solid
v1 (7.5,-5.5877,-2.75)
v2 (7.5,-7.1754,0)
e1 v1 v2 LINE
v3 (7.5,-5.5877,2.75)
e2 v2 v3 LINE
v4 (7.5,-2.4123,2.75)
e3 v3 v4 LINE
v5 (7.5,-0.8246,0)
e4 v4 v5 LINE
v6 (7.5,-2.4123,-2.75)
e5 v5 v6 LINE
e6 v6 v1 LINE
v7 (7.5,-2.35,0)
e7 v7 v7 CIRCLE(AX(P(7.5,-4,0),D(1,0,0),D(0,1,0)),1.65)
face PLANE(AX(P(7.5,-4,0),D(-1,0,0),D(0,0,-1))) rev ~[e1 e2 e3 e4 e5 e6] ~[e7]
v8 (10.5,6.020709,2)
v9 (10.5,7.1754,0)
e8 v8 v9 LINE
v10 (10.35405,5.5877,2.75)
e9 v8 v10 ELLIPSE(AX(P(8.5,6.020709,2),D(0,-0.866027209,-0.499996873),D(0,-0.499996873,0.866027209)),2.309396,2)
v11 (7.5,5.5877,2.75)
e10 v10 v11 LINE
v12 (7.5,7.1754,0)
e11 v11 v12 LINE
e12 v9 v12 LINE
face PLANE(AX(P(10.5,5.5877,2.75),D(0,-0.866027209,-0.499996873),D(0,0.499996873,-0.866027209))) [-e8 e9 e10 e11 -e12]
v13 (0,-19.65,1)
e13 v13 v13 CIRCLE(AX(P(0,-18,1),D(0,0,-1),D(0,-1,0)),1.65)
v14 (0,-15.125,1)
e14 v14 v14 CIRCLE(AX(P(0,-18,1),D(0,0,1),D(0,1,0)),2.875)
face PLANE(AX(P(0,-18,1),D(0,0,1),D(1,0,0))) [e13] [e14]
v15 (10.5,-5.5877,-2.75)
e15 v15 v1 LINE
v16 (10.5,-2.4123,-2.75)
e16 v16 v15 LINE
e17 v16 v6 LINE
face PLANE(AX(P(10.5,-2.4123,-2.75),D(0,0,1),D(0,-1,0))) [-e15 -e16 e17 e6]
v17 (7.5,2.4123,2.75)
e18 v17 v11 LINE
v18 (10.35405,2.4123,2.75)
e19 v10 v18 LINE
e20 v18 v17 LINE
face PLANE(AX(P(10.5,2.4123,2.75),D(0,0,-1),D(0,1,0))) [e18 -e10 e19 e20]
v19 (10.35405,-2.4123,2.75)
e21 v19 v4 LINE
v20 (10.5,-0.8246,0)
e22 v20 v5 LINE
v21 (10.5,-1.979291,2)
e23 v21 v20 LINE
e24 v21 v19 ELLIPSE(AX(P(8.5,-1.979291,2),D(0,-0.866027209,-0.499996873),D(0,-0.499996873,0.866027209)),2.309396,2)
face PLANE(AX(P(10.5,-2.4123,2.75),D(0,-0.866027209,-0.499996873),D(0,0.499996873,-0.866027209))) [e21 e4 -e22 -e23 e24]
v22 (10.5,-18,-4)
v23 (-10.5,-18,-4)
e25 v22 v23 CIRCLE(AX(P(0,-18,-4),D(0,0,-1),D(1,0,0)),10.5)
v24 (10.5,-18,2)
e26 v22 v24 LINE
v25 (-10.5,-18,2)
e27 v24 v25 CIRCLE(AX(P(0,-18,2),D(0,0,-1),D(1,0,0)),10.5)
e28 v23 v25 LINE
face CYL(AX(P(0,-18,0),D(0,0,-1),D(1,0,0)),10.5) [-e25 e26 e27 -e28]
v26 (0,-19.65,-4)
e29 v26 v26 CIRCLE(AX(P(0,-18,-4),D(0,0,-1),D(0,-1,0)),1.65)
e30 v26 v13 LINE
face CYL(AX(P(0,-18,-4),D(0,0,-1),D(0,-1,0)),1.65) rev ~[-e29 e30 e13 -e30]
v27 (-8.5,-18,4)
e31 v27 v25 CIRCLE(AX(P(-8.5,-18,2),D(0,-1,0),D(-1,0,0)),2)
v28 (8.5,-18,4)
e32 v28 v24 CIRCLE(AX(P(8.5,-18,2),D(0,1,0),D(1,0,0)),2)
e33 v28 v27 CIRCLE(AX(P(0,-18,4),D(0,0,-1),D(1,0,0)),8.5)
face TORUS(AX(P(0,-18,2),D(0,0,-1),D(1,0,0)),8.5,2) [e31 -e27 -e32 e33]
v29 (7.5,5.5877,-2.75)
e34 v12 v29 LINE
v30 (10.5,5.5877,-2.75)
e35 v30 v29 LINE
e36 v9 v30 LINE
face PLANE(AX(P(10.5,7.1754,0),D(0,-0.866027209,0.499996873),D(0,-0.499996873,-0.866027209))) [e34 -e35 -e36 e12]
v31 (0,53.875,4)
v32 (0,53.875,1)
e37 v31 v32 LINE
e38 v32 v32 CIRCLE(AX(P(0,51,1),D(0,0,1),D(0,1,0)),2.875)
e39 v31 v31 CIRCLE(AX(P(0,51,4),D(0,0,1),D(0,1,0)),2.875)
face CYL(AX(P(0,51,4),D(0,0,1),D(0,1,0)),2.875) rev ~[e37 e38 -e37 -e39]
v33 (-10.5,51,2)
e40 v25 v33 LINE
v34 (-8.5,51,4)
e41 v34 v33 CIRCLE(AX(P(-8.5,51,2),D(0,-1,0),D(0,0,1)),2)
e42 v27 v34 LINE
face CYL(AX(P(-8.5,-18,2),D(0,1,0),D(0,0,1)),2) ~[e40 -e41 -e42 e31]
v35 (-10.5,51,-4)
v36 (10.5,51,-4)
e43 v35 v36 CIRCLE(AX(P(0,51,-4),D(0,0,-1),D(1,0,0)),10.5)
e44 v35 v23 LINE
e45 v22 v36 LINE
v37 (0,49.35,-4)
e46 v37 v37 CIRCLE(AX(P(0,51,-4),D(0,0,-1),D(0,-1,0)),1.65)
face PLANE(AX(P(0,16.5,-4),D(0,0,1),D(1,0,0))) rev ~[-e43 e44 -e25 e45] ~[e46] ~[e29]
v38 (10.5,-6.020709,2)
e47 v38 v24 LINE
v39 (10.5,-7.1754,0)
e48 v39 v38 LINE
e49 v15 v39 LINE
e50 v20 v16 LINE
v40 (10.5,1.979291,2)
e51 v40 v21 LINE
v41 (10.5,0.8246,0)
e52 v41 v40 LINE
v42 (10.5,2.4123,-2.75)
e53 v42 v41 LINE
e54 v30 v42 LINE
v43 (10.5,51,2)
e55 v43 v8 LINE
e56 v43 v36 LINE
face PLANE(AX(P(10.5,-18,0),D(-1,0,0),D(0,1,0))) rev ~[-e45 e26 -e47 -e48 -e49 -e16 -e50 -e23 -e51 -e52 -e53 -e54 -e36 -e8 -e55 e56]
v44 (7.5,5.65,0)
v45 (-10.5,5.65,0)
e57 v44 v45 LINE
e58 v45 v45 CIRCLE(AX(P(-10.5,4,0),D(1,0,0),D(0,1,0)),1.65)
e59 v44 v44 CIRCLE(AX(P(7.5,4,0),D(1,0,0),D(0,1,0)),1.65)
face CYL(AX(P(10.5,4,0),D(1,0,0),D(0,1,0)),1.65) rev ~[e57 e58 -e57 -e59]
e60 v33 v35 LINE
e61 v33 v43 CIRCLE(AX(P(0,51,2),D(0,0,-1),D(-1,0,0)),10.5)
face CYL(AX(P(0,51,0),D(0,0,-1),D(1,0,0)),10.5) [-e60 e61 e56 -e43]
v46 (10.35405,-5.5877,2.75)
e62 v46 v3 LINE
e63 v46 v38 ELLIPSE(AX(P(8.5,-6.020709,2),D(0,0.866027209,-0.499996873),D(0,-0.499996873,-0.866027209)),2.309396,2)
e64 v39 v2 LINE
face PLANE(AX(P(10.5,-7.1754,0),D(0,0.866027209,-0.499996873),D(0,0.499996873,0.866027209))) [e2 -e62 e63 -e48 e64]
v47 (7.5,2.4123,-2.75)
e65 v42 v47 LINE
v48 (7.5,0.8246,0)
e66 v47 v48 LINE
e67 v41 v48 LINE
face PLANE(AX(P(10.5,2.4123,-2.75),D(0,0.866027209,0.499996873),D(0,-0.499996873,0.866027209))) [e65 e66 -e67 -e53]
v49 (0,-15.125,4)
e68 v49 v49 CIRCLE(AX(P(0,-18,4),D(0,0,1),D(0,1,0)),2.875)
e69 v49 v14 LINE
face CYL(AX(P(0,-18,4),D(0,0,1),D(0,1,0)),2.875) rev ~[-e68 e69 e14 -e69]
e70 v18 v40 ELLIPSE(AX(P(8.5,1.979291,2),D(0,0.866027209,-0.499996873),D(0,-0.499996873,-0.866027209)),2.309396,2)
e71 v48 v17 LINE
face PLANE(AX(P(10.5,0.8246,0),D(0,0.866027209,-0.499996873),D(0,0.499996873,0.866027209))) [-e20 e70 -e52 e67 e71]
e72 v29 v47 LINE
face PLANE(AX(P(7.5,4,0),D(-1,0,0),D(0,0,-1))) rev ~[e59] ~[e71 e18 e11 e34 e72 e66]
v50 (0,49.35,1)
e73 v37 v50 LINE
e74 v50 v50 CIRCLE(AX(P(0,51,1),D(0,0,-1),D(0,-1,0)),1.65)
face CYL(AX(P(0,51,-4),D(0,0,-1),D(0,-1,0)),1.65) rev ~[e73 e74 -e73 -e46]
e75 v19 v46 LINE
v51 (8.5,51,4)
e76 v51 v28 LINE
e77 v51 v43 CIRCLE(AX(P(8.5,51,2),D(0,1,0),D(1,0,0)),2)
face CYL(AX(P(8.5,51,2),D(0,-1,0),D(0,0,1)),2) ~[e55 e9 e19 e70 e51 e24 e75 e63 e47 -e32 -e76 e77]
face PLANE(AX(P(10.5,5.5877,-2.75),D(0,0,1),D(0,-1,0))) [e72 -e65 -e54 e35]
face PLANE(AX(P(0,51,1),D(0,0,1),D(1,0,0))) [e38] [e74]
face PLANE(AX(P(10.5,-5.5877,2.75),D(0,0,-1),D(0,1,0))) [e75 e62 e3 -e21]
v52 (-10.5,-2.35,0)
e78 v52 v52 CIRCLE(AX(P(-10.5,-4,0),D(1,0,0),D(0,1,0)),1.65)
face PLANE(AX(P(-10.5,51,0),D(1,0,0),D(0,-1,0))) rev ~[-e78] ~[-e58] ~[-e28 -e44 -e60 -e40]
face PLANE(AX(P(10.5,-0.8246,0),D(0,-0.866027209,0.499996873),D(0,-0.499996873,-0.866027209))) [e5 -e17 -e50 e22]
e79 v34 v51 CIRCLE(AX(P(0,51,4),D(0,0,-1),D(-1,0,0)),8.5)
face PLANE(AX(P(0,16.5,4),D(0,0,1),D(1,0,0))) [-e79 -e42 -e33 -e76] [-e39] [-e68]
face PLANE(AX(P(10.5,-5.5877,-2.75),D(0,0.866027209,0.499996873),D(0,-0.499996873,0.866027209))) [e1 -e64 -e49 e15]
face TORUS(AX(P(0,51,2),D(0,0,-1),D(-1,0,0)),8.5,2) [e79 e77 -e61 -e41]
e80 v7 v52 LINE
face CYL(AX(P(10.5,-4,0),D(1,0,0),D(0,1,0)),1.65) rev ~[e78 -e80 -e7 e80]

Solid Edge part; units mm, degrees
sketch "Sketch1" plane through (0, 0, 0) normal (0, 0, 1) x (1, 0, 0)
  line L0 (-10.5, 51) -> (-10.5, -18)
  arc A0 (10.5, -18) -> (-10.5, -18) centre (0, -18) cw
  line L1 (10.5, -18) -> (10.5, 51)
  arc A1 (-10.5, 51) -> (10.5, 51) centre (0, 51) cw
  dimension "D1" = 21
  dimension "D2" = 51
  dimension "D3" = 18
extrude "Protrusion1" add sketch "Sketch1" along normal mid plane 8
sketch "Sketch2" plane through (0, 39.5, -4) normal (0, 0, -1) x (0, -1, 0)
  circle A0 centre (57.5, 0) radius 1.65
  circle A1 centre (-11.5, 0) radius 1.65
  dimension "D1" = 51
  dimension "D2" = 18
extrude "Cutout1" cut sketch "Sketch2" against normal up to next
sketch "Sketch3" plane through (0, -5.25, 4) normal (0, 0, 1) x (0, 1, 0)
  circle A0 centre (56.25, 0) radius 2.875
  circle A1 centre (-12.75, 0) radius 2.875
extrude "VaciadoExtruido_4" cut sketch "Sketch3" against normal blind 3
sketch "Sketch4" plane through (10.5, 16.5, 0) normal (1, 0, 0) x (0, 1, 0)
  circle A0 centre (-20.5, 0) radius 1.65
  circle A1 centre (-12.5, 0) radius 1.65
  dimension "D1" = 4
  dimension "D2" = 4
extrude "Cutout2" cut sketch "Sketch4" against normal through all
fillet "Redondeo_2" radius 2 4 edges at (0, -28.5, 4) (10.5, 16.5, 4) (0, 61.5, 4) (-10.5, 16.5, 4)
sketch "Sketch5" plane through (10.5, 16.5, -1) normal (1, 0, 0) x (0, -1, 0)
  line L0 (18.9123, 1.75) -> (22.0877, 1.75)
  line L1 (22.0877, 1.75) -> (23.6754, -1)
  line L2 (23.6754, -1) -> (22.0877, -3.75)
  line L3 (22.0877, -3.75) -> (18.9123, -3.75)
  line L4 (18.9123, -3.75) -> (17.3246, -1)
  line L5 (17.3246, -1) -> (18.9123, 1.75)
  line L6 (10.9123, 1.75) -> (14.0877, 1.75)
  line L7 (14.0877, 1.75) -> (15.6754, -1)
  line L8 (15.6754, -1) -> (14.0877, -3.75)
  line L9 (14.0877, -3.75) -> (10.9123, -3.75)
  line L10 (10.9123, -3.75) -> (9.3246, -1)
  line L11 (9.3246, -1) -> (10.9123, 1.75)
  dimension "D1" = 5.5
  dimension "D2" = 5.5
extrude "VaciadoExtruido_23" cut sketch "Sketch5" against normal blind 3
properties material "Abs 15"
